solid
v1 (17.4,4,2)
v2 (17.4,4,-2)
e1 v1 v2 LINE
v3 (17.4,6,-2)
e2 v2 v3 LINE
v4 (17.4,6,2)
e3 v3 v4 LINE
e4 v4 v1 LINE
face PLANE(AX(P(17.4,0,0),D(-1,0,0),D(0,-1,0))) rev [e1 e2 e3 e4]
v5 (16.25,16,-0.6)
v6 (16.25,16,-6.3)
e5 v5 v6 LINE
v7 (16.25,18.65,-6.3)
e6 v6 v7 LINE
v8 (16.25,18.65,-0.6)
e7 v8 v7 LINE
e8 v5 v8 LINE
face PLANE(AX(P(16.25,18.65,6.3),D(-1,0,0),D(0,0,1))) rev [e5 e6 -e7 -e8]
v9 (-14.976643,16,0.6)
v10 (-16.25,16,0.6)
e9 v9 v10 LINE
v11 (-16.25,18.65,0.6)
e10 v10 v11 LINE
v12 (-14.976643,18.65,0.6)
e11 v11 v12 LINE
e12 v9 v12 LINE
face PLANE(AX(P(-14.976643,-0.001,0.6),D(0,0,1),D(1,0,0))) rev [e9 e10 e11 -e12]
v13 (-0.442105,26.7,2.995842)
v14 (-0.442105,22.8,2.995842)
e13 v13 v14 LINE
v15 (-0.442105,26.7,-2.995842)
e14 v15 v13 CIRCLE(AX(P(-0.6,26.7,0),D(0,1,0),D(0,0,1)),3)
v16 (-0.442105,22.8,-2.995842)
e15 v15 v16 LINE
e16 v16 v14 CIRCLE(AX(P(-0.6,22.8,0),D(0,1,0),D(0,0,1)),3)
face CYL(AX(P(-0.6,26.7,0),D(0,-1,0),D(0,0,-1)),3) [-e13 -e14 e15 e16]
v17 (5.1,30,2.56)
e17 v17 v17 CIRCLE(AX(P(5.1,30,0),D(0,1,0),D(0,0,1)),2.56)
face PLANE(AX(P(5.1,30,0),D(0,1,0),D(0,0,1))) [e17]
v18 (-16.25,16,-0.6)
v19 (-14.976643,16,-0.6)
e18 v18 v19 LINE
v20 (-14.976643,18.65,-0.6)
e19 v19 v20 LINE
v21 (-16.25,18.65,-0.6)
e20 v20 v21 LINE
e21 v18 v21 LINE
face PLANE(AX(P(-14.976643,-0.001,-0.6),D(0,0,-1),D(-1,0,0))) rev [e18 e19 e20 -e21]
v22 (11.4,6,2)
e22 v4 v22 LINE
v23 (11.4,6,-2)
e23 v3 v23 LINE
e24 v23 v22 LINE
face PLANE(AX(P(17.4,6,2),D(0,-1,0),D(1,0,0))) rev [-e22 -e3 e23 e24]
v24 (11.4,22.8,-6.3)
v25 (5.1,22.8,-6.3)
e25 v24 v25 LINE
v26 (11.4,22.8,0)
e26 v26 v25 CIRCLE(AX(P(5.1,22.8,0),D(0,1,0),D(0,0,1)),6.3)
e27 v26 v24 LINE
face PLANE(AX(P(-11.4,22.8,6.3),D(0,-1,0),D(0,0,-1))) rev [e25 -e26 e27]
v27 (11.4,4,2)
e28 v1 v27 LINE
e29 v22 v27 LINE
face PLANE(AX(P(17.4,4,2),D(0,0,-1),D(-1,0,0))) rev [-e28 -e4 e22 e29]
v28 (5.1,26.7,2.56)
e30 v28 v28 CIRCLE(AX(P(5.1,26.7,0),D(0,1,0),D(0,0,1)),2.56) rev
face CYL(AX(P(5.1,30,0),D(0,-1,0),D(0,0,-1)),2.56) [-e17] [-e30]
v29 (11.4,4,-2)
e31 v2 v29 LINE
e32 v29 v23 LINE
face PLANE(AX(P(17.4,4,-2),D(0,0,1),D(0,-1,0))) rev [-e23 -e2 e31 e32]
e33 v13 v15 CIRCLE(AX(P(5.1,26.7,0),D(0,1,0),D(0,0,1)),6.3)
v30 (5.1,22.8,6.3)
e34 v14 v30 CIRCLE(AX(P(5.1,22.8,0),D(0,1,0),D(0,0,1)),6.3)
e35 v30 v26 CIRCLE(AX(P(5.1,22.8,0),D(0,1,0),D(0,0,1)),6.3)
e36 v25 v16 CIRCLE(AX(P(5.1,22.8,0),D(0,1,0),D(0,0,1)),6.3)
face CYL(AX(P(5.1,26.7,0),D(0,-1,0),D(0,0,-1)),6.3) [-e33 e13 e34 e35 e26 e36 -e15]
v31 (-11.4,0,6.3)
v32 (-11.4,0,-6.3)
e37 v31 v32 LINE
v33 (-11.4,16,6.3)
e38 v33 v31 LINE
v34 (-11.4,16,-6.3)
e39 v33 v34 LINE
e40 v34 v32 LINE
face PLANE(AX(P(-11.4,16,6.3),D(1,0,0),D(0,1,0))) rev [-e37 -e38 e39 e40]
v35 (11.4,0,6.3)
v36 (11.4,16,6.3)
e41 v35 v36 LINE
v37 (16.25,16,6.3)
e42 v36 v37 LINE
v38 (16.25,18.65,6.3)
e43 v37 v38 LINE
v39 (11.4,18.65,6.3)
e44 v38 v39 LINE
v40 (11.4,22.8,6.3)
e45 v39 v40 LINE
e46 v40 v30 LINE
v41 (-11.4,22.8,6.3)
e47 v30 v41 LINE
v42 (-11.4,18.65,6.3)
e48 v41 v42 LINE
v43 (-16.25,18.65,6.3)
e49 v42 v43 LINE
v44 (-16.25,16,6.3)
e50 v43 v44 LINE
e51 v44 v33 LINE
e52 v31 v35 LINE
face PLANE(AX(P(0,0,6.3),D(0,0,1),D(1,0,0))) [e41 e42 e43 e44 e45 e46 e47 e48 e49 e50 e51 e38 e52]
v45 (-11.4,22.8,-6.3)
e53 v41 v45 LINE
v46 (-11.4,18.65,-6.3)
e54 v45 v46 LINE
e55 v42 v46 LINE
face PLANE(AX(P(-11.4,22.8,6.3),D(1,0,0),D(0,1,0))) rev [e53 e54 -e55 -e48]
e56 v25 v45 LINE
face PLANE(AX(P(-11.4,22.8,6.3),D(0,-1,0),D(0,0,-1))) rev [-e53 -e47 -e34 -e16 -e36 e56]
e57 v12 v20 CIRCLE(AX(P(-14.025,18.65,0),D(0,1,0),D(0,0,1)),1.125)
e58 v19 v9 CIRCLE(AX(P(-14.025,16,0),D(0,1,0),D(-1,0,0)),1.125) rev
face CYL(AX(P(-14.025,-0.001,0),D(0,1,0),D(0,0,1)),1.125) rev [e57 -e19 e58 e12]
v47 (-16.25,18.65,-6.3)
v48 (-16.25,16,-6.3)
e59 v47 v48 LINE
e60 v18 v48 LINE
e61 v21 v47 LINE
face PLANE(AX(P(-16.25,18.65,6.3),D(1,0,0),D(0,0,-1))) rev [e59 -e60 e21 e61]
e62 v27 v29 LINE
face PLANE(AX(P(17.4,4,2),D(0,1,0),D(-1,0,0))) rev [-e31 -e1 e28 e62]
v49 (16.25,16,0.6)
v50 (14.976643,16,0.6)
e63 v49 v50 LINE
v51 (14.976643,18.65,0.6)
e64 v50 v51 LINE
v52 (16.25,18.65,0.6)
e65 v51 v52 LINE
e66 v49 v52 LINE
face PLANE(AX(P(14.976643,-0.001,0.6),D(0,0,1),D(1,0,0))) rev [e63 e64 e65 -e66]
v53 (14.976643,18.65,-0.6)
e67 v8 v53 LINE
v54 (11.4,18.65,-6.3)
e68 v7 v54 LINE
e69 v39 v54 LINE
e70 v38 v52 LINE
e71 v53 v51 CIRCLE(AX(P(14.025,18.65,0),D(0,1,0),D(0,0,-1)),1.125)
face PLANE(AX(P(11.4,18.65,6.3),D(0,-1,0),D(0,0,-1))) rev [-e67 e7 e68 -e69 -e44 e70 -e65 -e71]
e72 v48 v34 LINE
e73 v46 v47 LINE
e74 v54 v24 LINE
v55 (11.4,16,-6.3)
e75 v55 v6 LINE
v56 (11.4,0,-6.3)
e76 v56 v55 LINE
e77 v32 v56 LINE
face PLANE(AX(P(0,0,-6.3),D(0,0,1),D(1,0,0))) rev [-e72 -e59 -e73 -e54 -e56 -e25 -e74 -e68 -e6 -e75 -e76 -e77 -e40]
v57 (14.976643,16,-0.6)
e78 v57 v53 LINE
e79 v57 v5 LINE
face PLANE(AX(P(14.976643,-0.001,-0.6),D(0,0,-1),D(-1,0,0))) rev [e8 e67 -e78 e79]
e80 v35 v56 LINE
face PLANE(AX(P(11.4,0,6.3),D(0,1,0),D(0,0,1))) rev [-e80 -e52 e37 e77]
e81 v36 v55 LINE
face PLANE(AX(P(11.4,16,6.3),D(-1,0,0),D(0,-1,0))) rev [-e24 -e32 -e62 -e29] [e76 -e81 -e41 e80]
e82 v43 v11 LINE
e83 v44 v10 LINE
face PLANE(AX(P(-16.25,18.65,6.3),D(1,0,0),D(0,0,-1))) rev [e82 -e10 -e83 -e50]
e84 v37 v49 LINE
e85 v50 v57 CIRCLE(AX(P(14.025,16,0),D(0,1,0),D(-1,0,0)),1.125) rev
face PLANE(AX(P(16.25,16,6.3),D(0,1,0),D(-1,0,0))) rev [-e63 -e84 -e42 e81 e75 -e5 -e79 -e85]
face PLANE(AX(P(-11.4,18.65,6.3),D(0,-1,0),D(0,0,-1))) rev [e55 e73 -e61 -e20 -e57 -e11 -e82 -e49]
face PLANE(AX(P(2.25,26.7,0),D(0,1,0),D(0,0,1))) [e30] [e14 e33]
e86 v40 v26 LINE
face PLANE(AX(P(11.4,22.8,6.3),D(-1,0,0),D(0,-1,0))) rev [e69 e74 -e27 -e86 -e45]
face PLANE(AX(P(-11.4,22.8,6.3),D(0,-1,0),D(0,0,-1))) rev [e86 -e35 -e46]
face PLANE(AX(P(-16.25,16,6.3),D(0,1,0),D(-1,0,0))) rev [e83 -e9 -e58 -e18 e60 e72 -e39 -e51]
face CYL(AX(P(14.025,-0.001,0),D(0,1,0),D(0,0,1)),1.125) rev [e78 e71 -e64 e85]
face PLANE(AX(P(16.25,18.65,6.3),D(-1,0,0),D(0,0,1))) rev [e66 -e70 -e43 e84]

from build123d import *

# Parameters (mm, degrees)
BODY_DEPTH     = 6.3
HUB_BODY_DEPTH = 3.9
HUB_START      = -26.7
SKETCH3_R      = 2.56
HUB_DEPTH      = 30
HOLES_REACH    = 27.526
SKETCH5_W      = 4
SKETCH5_H      = 2
WIRES_2_DEPTH  = 6


with BuildPart() as part:
    # front body → body (new, symmetric)
    with BuildSketch(Plane.XY):
        Polygon((-11.4, 22.8), (11.4, 22.8), (11.4, 18.65), (16.25, 18.65), (16.25, 16), (11.4, 16), (11.4, 0), (-11.4, 0), (-11.4, 16), (-16.25, 16), (-16.25, 18.65), (-11.4, 18.65), align=None)
    extrude(amount=BODY_DEPTH, both=True)

    # Sketch2 → hub body (add)
    with BuildSketch(Plane(origin=(0, 22.8, 0), x_dir=(1, 0, 0), z_dir=(0, 1, 0))):
        with BuildLine():
            ThreePointArc((-0.442105263, -2.995841994), (11.4, 0), (-0.442105263, 2.995841994))
            ThreePointArc((-0.442105263, 2.995841994), (-3.6, 0), (-0.442105263, -2.995841994))
        make_face()
    extrude(amount=HUB_BODY_DEPTH)

    # Sketch3 → hub (add)
    with BuildSketch(Plane(origin=(0, 26.7, 0), x_dir=(1, 0, 0), z_dir=(0, 1, 0)).offset(HUB_START)):
        with Locations(Location((5.1, 0, 0), (0, 0, 270))):
            Circle(SKETCH3_R)
    extrude(amount=HUB_DEPTH)

    # mounting holes → holes (cut, up to next)
    with BuildSketch(Plane(origin=(0, 18.65, 0), x_dir=(1, 0, 0), z_dir=(0, 1, 0)), mode=Mode.PRIVATE) as holes_sk1:
        with BuildLine():
            Line((-14.976643316, 0.6), (-16.25, 0.6))
            Line((-16.25, 0.6), (-16.25, -0.6))
            Line((-16.25, -0.6), (-14.976643316, -0.6))
            ThreePointArc((-14.976643316, -0.6), (-12.9, 0), (-14.976643316, 0.6))
        make_face()
    holes_tool1 = extrude(holes_sk1.sketch, amount=-HOLES_REACH, mode=Mode.PRIVATE) & part.part
    # mounting holes → holes (cut, up to next)
    with BuildSketch(Plane(origin=(0, 18.65, 0), x_dir=(1, 0, 0), z_dir=(0, 1, 0)), mode=Mode.PRIVATE) as holes_sk2:
        with BuildLine():
            Line((16.25, 0.6), (16.25, -0.6))
            Line((16.25, -0.6), (14.976643316, -0.6))
            ThreePointArc((14.976643316, -0.6), (12.9, 0), (14.976643316, 0.6))
            Line((14.976643316, 0.6), (16.25, 0.6))
        make_face()
    holes_tool2 = extrude(holes_sk2.sketch, amount=-HOLES_REACH, mode=Mode.PRIVATE) & part.part
    add(holes_tool1.solids().sort_by_distance((-14.450684, 18.65, 0))[0], mode=Mode.SUBTRACT)
    add(holes_tool2.solids().sort_by_distance((14.450684, 18.65, 0))[0], mode=Mode.SUBTRACT)

    # Sketch5 → Wires 2 (add)
    with BuildSketch(Plane(origin=(11.4, 0, 0), x_dir=(0, 0, -1), z_dir=(1, 0, 0))):
        with Locations((0, 5)):
            Rectangle(SKETCH5_W, SKETCH5_H)
    extrude(amount=WIRES_2_DEPTH)


solid = part.part
